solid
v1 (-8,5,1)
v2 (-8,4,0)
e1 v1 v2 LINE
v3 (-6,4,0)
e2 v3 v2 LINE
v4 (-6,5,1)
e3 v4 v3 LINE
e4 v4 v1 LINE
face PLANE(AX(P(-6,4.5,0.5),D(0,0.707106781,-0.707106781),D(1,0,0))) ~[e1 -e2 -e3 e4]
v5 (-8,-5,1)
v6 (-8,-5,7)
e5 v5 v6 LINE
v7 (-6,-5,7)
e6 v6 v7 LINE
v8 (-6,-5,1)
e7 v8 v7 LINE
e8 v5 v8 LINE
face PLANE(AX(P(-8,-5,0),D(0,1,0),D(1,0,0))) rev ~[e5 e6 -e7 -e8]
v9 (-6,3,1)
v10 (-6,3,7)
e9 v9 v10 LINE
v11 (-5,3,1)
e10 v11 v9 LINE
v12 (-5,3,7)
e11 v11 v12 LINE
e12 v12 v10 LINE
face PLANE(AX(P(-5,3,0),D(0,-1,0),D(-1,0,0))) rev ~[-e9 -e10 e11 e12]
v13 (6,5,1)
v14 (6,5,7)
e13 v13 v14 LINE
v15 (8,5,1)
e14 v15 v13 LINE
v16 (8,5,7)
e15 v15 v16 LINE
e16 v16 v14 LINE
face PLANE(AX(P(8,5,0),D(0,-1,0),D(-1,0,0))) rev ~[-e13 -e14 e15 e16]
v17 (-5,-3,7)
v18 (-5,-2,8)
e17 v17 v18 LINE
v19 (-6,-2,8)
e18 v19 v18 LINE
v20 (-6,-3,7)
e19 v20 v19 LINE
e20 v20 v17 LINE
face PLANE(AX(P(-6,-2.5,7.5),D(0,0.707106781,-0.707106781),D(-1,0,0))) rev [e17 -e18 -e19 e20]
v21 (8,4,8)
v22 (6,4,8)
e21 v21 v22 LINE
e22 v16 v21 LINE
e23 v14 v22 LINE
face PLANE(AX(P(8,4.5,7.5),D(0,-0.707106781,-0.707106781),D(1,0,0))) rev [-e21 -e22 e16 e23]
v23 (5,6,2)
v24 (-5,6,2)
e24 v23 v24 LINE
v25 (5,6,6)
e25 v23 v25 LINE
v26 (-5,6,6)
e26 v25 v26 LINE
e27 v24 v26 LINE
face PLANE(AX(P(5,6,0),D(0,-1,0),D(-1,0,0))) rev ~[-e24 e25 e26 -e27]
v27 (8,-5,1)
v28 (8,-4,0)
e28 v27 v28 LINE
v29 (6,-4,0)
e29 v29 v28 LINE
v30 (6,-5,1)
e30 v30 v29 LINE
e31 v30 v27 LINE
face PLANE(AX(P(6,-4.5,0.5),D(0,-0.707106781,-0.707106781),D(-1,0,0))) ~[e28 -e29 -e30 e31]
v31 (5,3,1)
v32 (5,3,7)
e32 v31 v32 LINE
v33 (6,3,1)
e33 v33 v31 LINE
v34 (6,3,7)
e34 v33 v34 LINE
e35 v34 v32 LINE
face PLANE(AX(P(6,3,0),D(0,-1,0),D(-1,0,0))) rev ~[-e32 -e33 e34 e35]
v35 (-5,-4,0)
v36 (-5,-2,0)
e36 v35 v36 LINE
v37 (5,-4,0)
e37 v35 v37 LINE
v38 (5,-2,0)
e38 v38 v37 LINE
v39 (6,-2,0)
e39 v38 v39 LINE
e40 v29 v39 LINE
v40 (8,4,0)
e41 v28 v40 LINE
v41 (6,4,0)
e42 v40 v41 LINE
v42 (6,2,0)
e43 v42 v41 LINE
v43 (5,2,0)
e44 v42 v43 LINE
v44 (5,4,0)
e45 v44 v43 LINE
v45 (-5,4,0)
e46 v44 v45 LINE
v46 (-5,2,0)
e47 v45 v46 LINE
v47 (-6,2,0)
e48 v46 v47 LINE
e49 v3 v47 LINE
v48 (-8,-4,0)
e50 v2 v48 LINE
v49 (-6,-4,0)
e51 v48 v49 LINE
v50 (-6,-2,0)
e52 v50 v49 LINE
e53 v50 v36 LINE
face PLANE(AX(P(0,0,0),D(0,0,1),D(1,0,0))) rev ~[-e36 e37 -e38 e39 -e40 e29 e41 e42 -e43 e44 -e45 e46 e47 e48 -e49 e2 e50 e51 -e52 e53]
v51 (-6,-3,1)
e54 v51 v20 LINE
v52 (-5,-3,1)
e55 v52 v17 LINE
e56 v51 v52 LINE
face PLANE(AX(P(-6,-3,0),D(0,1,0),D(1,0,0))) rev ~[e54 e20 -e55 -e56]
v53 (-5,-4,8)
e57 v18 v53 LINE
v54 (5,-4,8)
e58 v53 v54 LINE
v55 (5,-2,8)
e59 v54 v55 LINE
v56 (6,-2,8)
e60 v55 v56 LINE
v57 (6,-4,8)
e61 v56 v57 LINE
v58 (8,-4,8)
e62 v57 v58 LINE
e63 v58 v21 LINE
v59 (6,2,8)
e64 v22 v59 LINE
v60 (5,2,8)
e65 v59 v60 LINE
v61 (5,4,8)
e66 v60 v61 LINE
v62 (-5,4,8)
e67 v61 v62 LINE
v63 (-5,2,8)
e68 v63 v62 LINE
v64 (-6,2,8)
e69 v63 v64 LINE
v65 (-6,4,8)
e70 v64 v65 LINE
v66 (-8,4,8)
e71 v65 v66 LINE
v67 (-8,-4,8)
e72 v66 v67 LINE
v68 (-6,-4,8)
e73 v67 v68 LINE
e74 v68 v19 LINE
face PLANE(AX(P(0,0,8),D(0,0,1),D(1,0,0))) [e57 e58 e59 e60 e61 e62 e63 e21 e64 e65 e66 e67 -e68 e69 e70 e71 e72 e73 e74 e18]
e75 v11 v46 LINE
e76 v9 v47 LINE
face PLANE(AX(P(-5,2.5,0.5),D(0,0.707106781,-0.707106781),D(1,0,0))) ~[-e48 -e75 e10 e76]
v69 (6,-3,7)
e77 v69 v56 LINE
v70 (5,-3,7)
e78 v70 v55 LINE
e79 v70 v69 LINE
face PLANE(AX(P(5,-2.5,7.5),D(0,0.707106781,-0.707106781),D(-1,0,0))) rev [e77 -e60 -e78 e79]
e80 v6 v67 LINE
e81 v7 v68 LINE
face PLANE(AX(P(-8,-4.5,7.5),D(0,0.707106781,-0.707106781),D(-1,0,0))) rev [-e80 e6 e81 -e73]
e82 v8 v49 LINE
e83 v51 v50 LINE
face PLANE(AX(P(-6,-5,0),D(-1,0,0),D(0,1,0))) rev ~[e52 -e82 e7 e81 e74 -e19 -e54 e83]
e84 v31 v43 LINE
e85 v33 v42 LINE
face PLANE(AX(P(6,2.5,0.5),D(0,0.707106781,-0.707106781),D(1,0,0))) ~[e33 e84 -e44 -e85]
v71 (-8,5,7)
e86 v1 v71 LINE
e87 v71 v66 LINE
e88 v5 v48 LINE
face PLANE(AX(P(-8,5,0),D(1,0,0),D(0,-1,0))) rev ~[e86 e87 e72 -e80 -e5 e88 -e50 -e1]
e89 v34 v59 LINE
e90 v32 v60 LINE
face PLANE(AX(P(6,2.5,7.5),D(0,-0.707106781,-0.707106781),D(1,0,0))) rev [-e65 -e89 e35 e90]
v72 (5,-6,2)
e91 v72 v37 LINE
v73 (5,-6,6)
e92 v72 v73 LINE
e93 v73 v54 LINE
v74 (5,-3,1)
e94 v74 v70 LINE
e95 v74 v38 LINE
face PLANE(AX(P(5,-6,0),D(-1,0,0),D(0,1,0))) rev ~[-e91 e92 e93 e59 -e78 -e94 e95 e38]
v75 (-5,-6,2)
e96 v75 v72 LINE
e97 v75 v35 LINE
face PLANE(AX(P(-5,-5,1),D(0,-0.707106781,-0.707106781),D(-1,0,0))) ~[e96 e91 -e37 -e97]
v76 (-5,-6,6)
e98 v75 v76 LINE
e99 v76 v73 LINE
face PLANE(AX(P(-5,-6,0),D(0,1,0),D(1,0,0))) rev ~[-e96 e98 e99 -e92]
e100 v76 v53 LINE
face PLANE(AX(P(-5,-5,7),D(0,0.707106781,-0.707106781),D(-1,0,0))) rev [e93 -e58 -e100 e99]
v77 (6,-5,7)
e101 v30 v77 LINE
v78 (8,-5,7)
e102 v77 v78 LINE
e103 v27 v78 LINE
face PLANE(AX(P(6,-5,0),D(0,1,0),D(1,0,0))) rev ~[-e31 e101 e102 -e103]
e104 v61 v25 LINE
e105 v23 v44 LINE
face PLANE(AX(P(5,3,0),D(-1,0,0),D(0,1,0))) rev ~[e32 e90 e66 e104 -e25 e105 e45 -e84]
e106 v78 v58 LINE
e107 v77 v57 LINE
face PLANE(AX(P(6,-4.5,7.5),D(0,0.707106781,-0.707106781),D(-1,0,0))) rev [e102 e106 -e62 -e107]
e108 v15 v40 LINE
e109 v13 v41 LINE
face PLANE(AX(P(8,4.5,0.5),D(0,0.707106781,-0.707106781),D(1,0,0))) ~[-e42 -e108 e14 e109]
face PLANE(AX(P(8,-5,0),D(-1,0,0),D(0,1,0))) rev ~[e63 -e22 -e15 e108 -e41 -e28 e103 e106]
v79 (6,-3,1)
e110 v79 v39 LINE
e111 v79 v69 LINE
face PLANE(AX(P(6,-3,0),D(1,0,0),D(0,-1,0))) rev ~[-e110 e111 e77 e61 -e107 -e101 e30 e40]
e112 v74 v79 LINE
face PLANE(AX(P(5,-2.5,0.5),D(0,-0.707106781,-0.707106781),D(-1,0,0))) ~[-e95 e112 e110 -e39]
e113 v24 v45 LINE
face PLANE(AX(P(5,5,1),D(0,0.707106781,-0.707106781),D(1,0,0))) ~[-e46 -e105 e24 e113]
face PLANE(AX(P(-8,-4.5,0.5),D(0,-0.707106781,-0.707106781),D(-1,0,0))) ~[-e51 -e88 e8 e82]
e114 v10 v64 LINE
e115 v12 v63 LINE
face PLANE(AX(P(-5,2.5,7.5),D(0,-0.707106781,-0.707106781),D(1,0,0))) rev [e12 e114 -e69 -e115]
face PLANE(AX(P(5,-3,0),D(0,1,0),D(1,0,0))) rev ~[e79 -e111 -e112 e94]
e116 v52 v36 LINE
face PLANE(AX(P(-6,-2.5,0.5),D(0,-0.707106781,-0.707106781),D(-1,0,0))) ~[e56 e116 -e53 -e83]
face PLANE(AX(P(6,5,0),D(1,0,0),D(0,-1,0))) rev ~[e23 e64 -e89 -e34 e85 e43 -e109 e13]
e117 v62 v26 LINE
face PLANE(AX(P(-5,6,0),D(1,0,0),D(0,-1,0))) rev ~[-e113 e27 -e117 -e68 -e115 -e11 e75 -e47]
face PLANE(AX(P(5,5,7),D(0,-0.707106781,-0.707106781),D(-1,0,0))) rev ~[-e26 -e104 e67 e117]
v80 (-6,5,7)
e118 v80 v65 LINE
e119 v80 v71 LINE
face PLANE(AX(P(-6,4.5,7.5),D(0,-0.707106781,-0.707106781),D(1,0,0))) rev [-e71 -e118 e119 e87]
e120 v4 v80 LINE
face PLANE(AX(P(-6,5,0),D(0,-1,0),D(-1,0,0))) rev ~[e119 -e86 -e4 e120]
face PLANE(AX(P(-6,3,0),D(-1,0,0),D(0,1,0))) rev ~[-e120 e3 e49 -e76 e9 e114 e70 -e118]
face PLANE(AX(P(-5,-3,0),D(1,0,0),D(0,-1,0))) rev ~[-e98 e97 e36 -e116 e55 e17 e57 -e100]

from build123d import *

# Parameters (mm, degrees)
F1_DEPTH = 8
F2_SIZE  = 1
F3_SIZE  = 2


with BuildPart() as f1:
    # F0 (on Top) → F1 (new body)
    with BuildSketch(Plane.XY):
        Polygon((5, 6), (0, 6), (-5, 6), (-5, 3), (-6, 3), (-6, 5), (-8, 5), (-8, -5), (-6, -5), (-6, -3), (-5, -3), (-5, -6), (0, -6), (5, -6), (5, -3), (6, -3), (6, -5), (8, -5), (8, 5), (6, 5), (6, 3), (5, 3), align=None)
    extrude(amount=F1_DEPTH)

    # F2
    f2_edges = [f1.edges().sort_by_distance(p)[0] for p in [
        (-7, -5, 0),
        (-7, 5, 0),
        (7, -5, 0),
        (7, 5, 0),
        (-7, -5, 8),
        (-7, 5, 8),
        (7, -5, 8),
        (7, 5, 8),
        (5.5, -3, 8),
        (5.5, 3, 8),
        (-5.5, -3, 8),
        (-5.5, 3, 8),
        (-5.5, -3, 0),
        (-5.5, 3, 0),
        (5.5, 3, 0),
        (5.5, -3, 0),
    ]]
    chamfer(f2_edges, length=F2_SIZE)

    # F3
    f3_edges = [f1.edges().sort_by_distance(p)[0] for p in [
        (0, -6, 8),
        (0, -6, 0),
        (0, 6, 8),
        (0, 6, 0),
    ]]
    chamfer(f3_edges, length=F3_SIZE)


solid = f1.part
